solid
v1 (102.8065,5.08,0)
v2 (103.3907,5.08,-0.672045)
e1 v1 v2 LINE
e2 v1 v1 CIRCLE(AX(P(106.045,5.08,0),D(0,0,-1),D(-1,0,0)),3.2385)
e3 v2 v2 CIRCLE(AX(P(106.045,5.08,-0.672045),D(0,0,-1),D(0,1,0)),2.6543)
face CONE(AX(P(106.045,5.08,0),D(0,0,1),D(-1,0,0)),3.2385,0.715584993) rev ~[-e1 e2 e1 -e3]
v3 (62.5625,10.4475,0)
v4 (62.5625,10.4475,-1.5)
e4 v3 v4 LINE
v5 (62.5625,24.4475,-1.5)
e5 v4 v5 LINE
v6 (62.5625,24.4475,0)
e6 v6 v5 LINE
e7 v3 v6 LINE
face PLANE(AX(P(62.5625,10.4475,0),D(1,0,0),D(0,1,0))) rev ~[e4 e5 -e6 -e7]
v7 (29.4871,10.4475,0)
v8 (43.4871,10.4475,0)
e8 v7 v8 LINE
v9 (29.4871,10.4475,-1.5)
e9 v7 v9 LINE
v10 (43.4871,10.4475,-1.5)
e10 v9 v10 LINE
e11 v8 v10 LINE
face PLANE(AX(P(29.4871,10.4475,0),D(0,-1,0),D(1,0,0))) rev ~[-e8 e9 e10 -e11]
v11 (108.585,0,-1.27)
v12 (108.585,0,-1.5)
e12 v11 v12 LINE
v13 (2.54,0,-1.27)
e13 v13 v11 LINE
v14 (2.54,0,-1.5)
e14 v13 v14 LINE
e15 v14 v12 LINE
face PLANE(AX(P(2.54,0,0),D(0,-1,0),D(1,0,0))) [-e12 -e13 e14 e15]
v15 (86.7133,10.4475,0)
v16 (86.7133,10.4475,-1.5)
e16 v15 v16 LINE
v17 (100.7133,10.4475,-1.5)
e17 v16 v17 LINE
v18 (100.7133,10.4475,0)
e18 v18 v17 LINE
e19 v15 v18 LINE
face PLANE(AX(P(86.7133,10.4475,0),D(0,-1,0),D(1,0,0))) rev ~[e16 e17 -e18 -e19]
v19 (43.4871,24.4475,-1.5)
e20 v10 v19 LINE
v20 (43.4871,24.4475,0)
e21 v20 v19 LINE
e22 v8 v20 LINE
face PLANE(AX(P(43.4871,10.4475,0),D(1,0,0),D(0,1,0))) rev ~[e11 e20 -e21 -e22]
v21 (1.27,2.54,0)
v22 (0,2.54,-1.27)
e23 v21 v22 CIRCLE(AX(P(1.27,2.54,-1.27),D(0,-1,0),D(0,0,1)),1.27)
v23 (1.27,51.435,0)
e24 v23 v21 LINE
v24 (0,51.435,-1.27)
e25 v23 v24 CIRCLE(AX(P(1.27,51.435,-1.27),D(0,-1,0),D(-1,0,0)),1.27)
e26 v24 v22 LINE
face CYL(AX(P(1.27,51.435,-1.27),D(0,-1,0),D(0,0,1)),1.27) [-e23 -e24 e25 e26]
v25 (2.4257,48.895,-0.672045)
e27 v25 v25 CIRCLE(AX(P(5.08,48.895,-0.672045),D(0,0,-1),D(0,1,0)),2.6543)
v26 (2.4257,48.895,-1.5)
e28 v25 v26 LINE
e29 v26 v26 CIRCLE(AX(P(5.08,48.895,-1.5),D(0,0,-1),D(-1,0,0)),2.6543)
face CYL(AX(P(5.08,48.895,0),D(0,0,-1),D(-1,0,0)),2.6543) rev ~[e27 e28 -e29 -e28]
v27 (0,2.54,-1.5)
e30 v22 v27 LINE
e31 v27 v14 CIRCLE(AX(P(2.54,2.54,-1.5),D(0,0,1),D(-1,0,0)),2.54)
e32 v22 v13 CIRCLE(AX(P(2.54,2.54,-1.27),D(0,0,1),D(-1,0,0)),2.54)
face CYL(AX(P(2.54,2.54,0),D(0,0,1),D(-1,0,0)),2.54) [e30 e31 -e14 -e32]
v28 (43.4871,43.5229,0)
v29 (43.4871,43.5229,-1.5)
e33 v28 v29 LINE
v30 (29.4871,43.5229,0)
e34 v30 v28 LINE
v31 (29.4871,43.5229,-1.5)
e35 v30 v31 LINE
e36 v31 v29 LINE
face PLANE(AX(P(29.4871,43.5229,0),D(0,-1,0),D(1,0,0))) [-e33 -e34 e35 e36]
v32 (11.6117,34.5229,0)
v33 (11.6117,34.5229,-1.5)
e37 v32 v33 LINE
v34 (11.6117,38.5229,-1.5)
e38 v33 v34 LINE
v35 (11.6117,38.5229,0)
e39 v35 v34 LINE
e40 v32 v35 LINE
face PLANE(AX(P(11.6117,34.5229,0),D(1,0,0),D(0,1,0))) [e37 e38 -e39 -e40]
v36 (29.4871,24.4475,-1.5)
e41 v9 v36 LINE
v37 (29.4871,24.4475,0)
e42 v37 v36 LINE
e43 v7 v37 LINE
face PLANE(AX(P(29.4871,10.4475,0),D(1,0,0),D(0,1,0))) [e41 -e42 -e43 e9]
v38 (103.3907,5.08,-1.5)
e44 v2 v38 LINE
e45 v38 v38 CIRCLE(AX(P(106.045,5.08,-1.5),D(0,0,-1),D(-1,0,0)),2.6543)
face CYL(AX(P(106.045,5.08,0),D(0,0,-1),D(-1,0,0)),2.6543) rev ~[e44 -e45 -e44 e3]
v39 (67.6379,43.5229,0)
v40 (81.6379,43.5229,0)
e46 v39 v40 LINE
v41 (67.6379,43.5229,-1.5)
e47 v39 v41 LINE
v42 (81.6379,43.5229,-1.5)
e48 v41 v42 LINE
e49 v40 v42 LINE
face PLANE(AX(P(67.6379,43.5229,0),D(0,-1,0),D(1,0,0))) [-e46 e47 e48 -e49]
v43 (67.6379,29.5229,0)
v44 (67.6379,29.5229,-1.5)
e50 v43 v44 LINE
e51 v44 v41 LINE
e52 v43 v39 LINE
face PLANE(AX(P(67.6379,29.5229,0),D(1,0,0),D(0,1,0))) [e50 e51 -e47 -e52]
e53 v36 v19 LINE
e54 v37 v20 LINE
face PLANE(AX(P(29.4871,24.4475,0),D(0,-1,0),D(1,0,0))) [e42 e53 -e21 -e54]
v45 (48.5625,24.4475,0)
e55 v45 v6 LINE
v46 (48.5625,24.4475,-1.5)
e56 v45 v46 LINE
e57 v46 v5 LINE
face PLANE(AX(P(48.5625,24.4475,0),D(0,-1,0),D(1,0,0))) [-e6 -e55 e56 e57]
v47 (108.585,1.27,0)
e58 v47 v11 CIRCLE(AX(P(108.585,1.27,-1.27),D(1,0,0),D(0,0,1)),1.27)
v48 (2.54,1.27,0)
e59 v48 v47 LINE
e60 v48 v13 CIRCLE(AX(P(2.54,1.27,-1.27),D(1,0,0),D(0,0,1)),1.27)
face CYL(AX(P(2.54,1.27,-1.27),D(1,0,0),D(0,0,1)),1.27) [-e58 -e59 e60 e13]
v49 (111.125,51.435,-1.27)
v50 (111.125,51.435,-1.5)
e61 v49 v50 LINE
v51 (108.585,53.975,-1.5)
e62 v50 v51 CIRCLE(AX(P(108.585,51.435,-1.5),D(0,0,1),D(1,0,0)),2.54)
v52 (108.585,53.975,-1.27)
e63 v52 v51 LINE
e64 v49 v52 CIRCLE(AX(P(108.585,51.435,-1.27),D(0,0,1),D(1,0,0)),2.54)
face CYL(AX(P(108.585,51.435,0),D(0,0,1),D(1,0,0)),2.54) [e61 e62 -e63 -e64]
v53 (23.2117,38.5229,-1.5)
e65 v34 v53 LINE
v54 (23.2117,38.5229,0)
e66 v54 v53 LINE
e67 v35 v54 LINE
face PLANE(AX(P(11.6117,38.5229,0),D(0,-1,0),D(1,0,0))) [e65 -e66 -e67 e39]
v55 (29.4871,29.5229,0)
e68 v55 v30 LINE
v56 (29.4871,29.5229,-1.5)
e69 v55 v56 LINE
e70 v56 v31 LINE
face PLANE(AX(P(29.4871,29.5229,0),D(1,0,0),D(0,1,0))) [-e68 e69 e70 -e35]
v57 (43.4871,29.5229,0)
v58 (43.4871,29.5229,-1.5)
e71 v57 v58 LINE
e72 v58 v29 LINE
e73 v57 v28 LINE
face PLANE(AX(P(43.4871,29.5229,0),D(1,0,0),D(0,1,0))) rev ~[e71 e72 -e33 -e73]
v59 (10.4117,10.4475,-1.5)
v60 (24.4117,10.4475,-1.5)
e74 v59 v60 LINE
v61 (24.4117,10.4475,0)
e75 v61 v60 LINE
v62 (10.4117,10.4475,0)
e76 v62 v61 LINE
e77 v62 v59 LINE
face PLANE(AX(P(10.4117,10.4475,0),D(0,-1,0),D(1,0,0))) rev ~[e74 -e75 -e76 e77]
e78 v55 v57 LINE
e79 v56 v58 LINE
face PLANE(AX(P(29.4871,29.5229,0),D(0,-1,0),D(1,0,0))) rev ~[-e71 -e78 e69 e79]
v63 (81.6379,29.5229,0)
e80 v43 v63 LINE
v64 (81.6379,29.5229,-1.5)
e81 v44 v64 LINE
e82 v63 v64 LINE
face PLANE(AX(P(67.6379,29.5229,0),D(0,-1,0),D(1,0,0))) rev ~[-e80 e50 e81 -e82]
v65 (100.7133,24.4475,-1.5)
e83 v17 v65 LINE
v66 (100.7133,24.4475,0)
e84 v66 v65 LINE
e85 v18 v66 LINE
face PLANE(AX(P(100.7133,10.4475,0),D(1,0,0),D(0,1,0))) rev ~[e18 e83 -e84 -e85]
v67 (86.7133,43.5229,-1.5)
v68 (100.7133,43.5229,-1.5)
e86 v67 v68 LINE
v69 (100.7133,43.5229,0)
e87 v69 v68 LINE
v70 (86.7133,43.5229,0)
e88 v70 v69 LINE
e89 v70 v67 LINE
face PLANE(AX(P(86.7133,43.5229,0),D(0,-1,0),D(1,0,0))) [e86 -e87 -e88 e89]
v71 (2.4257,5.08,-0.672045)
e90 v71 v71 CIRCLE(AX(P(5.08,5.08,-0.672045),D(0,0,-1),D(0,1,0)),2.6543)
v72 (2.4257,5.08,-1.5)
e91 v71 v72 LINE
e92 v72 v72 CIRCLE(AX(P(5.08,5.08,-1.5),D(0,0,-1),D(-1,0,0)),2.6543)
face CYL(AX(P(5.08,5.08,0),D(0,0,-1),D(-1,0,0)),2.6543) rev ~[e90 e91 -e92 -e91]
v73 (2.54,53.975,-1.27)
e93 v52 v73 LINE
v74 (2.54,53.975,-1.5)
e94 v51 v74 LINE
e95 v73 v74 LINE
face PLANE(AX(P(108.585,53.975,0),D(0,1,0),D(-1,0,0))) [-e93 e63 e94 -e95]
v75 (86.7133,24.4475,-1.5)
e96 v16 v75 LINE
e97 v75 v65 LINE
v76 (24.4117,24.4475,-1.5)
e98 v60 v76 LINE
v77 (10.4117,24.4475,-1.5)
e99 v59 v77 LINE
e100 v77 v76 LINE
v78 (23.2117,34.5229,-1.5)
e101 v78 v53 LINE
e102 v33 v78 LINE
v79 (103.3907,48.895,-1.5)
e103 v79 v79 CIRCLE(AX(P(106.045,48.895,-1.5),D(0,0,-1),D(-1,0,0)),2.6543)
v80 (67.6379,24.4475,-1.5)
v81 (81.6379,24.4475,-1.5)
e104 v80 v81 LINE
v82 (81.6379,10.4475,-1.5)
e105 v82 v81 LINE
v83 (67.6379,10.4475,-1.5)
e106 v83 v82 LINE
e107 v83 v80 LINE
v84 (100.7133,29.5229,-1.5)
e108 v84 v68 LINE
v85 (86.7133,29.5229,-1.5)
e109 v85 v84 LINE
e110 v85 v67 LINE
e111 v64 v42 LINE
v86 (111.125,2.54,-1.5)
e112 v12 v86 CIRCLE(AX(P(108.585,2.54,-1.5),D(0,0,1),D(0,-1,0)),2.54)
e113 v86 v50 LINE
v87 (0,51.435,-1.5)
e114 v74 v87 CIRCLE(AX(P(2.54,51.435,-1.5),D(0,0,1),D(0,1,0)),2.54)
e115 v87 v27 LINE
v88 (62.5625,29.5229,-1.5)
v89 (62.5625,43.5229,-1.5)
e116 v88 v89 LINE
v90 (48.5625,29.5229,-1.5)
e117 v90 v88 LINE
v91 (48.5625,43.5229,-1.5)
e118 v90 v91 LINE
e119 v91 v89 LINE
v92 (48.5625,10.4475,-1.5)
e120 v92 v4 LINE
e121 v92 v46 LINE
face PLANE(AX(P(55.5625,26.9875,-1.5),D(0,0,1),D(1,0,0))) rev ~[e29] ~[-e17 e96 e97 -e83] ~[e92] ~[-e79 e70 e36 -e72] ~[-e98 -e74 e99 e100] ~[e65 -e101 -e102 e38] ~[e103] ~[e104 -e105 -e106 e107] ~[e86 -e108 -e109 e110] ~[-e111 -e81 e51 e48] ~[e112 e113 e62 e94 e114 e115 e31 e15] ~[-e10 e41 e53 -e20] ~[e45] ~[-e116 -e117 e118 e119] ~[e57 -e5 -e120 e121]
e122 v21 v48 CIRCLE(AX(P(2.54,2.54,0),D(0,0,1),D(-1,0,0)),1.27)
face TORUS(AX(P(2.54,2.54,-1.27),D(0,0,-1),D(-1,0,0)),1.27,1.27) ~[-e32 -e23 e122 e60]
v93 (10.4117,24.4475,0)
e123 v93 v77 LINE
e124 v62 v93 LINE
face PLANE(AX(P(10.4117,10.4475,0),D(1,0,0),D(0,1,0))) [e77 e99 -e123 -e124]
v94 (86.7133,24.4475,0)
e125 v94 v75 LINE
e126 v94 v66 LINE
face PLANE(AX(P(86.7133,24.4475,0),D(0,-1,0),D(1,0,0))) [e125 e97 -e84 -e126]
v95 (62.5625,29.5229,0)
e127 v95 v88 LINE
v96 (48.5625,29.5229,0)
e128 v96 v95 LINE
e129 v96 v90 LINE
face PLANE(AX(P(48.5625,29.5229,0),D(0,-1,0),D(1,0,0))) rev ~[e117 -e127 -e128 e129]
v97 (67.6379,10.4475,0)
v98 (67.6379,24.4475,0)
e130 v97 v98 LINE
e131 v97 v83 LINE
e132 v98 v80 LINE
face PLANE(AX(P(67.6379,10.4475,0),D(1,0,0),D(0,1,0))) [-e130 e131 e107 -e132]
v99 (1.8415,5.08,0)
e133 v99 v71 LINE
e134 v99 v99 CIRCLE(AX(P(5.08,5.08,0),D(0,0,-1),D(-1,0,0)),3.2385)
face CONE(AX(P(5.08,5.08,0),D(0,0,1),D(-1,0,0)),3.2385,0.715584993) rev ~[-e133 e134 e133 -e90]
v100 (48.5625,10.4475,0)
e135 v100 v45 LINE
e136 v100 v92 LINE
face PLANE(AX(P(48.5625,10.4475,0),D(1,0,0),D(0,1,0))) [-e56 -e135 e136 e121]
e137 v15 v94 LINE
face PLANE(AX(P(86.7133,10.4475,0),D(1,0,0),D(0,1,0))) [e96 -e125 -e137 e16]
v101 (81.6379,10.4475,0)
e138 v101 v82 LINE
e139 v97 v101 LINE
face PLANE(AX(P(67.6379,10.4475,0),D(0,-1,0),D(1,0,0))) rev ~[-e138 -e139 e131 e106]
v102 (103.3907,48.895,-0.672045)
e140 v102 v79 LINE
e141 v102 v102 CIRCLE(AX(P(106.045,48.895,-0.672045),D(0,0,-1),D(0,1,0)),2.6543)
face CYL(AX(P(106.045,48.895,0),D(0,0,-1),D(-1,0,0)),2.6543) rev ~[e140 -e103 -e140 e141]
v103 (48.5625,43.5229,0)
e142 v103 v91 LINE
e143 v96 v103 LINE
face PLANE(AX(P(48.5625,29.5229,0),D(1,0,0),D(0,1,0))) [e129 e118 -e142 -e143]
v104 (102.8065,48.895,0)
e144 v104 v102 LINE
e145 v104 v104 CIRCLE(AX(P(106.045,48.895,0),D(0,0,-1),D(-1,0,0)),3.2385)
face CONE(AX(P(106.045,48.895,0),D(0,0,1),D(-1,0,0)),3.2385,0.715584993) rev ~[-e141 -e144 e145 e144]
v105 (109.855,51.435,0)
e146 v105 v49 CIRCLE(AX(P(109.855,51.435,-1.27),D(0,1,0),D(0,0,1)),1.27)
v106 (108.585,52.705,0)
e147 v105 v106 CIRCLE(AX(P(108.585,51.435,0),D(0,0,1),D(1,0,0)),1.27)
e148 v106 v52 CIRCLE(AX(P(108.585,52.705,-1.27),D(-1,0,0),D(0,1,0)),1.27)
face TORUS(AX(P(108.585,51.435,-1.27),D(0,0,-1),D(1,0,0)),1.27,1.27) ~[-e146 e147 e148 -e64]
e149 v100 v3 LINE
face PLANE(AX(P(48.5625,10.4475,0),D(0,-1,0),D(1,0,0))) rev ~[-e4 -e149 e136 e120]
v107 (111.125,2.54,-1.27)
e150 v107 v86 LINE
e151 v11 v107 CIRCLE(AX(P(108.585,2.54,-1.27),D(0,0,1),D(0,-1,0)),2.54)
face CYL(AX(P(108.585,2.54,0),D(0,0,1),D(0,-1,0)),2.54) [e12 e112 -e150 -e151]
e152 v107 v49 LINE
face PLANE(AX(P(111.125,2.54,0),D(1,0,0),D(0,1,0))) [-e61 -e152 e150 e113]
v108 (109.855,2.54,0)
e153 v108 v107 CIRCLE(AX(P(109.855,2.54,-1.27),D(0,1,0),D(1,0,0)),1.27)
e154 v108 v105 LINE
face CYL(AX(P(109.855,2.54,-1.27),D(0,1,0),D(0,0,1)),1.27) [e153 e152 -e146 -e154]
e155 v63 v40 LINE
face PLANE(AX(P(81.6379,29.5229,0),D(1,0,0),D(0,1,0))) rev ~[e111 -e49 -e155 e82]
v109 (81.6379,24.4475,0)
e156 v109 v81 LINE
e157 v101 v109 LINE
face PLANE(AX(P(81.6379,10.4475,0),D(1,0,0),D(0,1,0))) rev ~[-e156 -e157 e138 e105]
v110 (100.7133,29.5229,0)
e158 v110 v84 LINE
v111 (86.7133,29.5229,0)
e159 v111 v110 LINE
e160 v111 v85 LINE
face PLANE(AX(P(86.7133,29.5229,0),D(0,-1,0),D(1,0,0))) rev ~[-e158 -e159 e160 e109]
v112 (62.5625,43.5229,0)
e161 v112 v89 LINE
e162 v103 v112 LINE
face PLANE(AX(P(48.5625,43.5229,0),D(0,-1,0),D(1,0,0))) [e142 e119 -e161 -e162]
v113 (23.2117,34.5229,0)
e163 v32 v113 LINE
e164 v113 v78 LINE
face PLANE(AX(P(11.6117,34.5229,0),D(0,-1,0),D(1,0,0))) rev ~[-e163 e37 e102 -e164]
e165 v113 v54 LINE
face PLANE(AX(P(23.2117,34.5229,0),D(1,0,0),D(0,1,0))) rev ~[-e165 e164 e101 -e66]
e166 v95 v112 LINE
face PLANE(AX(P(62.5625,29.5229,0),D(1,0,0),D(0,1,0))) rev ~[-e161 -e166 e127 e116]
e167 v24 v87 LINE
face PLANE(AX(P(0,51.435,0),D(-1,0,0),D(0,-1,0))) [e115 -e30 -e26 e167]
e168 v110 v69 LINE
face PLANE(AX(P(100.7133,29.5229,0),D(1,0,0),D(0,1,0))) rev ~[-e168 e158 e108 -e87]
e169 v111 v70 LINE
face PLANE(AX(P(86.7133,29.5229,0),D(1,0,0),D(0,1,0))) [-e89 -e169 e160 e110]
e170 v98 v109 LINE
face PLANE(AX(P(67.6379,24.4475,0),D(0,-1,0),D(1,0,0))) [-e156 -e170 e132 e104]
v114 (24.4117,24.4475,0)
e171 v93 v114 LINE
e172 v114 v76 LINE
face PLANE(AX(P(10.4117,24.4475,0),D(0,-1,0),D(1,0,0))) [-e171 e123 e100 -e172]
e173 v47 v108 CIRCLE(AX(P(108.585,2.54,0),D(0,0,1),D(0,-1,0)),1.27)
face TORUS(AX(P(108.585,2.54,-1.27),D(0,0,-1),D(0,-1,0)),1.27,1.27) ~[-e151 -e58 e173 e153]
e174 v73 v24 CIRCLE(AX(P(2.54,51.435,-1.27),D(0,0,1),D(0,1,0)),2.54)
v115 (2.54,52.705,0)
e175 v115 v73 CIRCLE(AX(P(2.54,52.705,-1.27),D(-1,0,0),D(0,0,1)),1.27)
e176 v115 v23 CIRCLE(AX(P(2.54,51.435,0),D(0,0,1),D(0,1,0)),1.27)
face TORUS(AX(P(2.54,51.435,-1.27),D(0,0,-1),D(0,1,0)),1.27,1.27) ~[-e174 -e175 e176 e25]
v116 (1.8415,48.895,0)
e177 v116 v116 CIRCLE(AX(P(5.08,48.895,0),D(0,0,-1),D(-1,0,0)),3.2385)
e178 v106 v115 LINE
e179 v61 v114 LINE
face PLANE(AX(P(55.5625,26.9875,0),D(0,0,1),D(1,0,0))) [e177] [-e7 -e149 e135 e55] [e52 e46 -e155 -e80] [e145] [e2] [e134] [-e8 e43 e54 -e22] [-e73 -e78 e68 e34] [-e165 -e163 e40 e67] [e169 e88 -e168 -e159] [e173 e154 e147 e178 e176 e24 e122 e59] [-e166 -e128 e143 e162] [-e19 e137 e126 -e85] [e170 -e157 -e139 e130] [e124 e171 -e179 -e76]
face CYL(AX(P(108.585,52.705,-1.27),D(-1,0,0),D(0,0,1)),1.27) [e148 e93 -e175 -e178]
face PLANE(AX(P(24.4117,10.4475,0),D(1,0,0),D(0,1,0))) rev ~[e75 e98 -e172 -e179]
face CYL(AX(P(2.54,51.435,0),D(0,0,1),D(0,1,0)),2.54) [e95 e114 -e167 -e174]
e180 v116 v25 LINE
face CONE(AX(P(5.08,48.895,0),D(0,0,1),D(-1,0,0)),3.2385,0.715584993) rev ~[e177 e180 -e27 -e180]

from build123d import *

# Parameters (mm, degrees)
F0_W           = 14
F0_H           = 14
F0_W_2         = 11.6
F0_H_2         = 4
F1_DEPTH       = 1.5
F2_D           = 5.3086
F2_CSINK_D     = 6.477
F2_CSINK_ANGLE = 82
F3_R           = 1.27


with BuildPart() as f1:
    # F0 (on Top) → F1 (new body)
    with BuildSketch(Plane.XY):
        with BuildLine():
            ThreePointArc((0, 2.54), (0.7439487758, 0.7439487758), (2.54, 0))
            Line((2.54, 0), (108.585, 0))
            ThreePointArc((108.585, 0), (110.3810512242, 0.7439487758), (111.125, 2.54))
            Line((111.125, 2.54), (111.125, 51.435))
            ThreePointArc((111.125, 51.435), (110.3810512242, 53.2310512242), (108.585, 53.975))
            Line((108.585, 53.975), (2.54, 53.975))
            ThreePointArc((2.54, 53.975), (0.7439487758, 53.2310512242), (0, 51.435))
            Line((0, 51.435), (0, 2.54))
        make_face()
        with Locations((17.4117, 17.4475)):
            Rectangle(F0_W, F0_H, mode=Mode.SUBTRACT)
        with Locations((36.4871, 17.4475)):
            Rectangle(F0_W, F0_H, mode=Mode.SUBTRACT)
        with Locations((55.5625, 17.4475)):
            Rectangle(F0_W, F0_H, mode=Mode.SUBTRACT)
        with Locations((74.6379, 17.4475)):
            Rectangle(F0_W, F0_H, mode=Mode.SUBTRACT)
        with Locations((93.7133, 17.4475)):
            Rectangle(F0_W, F0_H, mode=Mode.SUBTRACT)
        with Locations((17.4117, 36.5229)):
            Rectangle(F0_W_2, F0_H_2, mode=Mode.SUBTRACT)
        with Locations((36.4871, 36.5229)):
            Rectangle(F0_W, F0_H, mode=Mode.SUBTRACT)
        with Locations((55.5625, 36.5229)):
            Rectangle(F0_W, F0_H, mode=Mode.SUBTRACT)
        with Locations((74.6379, 36.5229)):
            Rectangle(F0_W, F0_H, mode=Mode.SUBTRACT)
        with Locations((93.7133, 36.5229)):
            Rectangle(F0_W, F0_H, mode=Mode.SUBTRACT)
    extrude(amount=-F1_DEPTH)

    # F2 (through all)
    with Locations(Plane.XY):
        with Locations((5.08, 48.895), (5.08, 5.08), (106.045, 5.08), (106.045, 48.895)):
            CounterSinkHole(F2_D / 2, F2_CSINK_D / 2, counter_sink_angle=F2_CSINK_ANGLE)

    # F3
    f3_edges = [f1.edges().sort_by_distance(p)[0] for p in [
        (55.5625, 0, 0),
        (111.125, 26.9875, 0),
        (110.381051, 0.743949, 0),
        (110.381051, 53.231051, 0),
        (55.5625, 53.975, 0),
        (0.743949, 53.231051, 0),
        (0, 26.9875, 0),
        (0.743949, 0.743949, 0),
    ]]
    fillet(f3_edges, radius=F3_R)


solid = f1.part
